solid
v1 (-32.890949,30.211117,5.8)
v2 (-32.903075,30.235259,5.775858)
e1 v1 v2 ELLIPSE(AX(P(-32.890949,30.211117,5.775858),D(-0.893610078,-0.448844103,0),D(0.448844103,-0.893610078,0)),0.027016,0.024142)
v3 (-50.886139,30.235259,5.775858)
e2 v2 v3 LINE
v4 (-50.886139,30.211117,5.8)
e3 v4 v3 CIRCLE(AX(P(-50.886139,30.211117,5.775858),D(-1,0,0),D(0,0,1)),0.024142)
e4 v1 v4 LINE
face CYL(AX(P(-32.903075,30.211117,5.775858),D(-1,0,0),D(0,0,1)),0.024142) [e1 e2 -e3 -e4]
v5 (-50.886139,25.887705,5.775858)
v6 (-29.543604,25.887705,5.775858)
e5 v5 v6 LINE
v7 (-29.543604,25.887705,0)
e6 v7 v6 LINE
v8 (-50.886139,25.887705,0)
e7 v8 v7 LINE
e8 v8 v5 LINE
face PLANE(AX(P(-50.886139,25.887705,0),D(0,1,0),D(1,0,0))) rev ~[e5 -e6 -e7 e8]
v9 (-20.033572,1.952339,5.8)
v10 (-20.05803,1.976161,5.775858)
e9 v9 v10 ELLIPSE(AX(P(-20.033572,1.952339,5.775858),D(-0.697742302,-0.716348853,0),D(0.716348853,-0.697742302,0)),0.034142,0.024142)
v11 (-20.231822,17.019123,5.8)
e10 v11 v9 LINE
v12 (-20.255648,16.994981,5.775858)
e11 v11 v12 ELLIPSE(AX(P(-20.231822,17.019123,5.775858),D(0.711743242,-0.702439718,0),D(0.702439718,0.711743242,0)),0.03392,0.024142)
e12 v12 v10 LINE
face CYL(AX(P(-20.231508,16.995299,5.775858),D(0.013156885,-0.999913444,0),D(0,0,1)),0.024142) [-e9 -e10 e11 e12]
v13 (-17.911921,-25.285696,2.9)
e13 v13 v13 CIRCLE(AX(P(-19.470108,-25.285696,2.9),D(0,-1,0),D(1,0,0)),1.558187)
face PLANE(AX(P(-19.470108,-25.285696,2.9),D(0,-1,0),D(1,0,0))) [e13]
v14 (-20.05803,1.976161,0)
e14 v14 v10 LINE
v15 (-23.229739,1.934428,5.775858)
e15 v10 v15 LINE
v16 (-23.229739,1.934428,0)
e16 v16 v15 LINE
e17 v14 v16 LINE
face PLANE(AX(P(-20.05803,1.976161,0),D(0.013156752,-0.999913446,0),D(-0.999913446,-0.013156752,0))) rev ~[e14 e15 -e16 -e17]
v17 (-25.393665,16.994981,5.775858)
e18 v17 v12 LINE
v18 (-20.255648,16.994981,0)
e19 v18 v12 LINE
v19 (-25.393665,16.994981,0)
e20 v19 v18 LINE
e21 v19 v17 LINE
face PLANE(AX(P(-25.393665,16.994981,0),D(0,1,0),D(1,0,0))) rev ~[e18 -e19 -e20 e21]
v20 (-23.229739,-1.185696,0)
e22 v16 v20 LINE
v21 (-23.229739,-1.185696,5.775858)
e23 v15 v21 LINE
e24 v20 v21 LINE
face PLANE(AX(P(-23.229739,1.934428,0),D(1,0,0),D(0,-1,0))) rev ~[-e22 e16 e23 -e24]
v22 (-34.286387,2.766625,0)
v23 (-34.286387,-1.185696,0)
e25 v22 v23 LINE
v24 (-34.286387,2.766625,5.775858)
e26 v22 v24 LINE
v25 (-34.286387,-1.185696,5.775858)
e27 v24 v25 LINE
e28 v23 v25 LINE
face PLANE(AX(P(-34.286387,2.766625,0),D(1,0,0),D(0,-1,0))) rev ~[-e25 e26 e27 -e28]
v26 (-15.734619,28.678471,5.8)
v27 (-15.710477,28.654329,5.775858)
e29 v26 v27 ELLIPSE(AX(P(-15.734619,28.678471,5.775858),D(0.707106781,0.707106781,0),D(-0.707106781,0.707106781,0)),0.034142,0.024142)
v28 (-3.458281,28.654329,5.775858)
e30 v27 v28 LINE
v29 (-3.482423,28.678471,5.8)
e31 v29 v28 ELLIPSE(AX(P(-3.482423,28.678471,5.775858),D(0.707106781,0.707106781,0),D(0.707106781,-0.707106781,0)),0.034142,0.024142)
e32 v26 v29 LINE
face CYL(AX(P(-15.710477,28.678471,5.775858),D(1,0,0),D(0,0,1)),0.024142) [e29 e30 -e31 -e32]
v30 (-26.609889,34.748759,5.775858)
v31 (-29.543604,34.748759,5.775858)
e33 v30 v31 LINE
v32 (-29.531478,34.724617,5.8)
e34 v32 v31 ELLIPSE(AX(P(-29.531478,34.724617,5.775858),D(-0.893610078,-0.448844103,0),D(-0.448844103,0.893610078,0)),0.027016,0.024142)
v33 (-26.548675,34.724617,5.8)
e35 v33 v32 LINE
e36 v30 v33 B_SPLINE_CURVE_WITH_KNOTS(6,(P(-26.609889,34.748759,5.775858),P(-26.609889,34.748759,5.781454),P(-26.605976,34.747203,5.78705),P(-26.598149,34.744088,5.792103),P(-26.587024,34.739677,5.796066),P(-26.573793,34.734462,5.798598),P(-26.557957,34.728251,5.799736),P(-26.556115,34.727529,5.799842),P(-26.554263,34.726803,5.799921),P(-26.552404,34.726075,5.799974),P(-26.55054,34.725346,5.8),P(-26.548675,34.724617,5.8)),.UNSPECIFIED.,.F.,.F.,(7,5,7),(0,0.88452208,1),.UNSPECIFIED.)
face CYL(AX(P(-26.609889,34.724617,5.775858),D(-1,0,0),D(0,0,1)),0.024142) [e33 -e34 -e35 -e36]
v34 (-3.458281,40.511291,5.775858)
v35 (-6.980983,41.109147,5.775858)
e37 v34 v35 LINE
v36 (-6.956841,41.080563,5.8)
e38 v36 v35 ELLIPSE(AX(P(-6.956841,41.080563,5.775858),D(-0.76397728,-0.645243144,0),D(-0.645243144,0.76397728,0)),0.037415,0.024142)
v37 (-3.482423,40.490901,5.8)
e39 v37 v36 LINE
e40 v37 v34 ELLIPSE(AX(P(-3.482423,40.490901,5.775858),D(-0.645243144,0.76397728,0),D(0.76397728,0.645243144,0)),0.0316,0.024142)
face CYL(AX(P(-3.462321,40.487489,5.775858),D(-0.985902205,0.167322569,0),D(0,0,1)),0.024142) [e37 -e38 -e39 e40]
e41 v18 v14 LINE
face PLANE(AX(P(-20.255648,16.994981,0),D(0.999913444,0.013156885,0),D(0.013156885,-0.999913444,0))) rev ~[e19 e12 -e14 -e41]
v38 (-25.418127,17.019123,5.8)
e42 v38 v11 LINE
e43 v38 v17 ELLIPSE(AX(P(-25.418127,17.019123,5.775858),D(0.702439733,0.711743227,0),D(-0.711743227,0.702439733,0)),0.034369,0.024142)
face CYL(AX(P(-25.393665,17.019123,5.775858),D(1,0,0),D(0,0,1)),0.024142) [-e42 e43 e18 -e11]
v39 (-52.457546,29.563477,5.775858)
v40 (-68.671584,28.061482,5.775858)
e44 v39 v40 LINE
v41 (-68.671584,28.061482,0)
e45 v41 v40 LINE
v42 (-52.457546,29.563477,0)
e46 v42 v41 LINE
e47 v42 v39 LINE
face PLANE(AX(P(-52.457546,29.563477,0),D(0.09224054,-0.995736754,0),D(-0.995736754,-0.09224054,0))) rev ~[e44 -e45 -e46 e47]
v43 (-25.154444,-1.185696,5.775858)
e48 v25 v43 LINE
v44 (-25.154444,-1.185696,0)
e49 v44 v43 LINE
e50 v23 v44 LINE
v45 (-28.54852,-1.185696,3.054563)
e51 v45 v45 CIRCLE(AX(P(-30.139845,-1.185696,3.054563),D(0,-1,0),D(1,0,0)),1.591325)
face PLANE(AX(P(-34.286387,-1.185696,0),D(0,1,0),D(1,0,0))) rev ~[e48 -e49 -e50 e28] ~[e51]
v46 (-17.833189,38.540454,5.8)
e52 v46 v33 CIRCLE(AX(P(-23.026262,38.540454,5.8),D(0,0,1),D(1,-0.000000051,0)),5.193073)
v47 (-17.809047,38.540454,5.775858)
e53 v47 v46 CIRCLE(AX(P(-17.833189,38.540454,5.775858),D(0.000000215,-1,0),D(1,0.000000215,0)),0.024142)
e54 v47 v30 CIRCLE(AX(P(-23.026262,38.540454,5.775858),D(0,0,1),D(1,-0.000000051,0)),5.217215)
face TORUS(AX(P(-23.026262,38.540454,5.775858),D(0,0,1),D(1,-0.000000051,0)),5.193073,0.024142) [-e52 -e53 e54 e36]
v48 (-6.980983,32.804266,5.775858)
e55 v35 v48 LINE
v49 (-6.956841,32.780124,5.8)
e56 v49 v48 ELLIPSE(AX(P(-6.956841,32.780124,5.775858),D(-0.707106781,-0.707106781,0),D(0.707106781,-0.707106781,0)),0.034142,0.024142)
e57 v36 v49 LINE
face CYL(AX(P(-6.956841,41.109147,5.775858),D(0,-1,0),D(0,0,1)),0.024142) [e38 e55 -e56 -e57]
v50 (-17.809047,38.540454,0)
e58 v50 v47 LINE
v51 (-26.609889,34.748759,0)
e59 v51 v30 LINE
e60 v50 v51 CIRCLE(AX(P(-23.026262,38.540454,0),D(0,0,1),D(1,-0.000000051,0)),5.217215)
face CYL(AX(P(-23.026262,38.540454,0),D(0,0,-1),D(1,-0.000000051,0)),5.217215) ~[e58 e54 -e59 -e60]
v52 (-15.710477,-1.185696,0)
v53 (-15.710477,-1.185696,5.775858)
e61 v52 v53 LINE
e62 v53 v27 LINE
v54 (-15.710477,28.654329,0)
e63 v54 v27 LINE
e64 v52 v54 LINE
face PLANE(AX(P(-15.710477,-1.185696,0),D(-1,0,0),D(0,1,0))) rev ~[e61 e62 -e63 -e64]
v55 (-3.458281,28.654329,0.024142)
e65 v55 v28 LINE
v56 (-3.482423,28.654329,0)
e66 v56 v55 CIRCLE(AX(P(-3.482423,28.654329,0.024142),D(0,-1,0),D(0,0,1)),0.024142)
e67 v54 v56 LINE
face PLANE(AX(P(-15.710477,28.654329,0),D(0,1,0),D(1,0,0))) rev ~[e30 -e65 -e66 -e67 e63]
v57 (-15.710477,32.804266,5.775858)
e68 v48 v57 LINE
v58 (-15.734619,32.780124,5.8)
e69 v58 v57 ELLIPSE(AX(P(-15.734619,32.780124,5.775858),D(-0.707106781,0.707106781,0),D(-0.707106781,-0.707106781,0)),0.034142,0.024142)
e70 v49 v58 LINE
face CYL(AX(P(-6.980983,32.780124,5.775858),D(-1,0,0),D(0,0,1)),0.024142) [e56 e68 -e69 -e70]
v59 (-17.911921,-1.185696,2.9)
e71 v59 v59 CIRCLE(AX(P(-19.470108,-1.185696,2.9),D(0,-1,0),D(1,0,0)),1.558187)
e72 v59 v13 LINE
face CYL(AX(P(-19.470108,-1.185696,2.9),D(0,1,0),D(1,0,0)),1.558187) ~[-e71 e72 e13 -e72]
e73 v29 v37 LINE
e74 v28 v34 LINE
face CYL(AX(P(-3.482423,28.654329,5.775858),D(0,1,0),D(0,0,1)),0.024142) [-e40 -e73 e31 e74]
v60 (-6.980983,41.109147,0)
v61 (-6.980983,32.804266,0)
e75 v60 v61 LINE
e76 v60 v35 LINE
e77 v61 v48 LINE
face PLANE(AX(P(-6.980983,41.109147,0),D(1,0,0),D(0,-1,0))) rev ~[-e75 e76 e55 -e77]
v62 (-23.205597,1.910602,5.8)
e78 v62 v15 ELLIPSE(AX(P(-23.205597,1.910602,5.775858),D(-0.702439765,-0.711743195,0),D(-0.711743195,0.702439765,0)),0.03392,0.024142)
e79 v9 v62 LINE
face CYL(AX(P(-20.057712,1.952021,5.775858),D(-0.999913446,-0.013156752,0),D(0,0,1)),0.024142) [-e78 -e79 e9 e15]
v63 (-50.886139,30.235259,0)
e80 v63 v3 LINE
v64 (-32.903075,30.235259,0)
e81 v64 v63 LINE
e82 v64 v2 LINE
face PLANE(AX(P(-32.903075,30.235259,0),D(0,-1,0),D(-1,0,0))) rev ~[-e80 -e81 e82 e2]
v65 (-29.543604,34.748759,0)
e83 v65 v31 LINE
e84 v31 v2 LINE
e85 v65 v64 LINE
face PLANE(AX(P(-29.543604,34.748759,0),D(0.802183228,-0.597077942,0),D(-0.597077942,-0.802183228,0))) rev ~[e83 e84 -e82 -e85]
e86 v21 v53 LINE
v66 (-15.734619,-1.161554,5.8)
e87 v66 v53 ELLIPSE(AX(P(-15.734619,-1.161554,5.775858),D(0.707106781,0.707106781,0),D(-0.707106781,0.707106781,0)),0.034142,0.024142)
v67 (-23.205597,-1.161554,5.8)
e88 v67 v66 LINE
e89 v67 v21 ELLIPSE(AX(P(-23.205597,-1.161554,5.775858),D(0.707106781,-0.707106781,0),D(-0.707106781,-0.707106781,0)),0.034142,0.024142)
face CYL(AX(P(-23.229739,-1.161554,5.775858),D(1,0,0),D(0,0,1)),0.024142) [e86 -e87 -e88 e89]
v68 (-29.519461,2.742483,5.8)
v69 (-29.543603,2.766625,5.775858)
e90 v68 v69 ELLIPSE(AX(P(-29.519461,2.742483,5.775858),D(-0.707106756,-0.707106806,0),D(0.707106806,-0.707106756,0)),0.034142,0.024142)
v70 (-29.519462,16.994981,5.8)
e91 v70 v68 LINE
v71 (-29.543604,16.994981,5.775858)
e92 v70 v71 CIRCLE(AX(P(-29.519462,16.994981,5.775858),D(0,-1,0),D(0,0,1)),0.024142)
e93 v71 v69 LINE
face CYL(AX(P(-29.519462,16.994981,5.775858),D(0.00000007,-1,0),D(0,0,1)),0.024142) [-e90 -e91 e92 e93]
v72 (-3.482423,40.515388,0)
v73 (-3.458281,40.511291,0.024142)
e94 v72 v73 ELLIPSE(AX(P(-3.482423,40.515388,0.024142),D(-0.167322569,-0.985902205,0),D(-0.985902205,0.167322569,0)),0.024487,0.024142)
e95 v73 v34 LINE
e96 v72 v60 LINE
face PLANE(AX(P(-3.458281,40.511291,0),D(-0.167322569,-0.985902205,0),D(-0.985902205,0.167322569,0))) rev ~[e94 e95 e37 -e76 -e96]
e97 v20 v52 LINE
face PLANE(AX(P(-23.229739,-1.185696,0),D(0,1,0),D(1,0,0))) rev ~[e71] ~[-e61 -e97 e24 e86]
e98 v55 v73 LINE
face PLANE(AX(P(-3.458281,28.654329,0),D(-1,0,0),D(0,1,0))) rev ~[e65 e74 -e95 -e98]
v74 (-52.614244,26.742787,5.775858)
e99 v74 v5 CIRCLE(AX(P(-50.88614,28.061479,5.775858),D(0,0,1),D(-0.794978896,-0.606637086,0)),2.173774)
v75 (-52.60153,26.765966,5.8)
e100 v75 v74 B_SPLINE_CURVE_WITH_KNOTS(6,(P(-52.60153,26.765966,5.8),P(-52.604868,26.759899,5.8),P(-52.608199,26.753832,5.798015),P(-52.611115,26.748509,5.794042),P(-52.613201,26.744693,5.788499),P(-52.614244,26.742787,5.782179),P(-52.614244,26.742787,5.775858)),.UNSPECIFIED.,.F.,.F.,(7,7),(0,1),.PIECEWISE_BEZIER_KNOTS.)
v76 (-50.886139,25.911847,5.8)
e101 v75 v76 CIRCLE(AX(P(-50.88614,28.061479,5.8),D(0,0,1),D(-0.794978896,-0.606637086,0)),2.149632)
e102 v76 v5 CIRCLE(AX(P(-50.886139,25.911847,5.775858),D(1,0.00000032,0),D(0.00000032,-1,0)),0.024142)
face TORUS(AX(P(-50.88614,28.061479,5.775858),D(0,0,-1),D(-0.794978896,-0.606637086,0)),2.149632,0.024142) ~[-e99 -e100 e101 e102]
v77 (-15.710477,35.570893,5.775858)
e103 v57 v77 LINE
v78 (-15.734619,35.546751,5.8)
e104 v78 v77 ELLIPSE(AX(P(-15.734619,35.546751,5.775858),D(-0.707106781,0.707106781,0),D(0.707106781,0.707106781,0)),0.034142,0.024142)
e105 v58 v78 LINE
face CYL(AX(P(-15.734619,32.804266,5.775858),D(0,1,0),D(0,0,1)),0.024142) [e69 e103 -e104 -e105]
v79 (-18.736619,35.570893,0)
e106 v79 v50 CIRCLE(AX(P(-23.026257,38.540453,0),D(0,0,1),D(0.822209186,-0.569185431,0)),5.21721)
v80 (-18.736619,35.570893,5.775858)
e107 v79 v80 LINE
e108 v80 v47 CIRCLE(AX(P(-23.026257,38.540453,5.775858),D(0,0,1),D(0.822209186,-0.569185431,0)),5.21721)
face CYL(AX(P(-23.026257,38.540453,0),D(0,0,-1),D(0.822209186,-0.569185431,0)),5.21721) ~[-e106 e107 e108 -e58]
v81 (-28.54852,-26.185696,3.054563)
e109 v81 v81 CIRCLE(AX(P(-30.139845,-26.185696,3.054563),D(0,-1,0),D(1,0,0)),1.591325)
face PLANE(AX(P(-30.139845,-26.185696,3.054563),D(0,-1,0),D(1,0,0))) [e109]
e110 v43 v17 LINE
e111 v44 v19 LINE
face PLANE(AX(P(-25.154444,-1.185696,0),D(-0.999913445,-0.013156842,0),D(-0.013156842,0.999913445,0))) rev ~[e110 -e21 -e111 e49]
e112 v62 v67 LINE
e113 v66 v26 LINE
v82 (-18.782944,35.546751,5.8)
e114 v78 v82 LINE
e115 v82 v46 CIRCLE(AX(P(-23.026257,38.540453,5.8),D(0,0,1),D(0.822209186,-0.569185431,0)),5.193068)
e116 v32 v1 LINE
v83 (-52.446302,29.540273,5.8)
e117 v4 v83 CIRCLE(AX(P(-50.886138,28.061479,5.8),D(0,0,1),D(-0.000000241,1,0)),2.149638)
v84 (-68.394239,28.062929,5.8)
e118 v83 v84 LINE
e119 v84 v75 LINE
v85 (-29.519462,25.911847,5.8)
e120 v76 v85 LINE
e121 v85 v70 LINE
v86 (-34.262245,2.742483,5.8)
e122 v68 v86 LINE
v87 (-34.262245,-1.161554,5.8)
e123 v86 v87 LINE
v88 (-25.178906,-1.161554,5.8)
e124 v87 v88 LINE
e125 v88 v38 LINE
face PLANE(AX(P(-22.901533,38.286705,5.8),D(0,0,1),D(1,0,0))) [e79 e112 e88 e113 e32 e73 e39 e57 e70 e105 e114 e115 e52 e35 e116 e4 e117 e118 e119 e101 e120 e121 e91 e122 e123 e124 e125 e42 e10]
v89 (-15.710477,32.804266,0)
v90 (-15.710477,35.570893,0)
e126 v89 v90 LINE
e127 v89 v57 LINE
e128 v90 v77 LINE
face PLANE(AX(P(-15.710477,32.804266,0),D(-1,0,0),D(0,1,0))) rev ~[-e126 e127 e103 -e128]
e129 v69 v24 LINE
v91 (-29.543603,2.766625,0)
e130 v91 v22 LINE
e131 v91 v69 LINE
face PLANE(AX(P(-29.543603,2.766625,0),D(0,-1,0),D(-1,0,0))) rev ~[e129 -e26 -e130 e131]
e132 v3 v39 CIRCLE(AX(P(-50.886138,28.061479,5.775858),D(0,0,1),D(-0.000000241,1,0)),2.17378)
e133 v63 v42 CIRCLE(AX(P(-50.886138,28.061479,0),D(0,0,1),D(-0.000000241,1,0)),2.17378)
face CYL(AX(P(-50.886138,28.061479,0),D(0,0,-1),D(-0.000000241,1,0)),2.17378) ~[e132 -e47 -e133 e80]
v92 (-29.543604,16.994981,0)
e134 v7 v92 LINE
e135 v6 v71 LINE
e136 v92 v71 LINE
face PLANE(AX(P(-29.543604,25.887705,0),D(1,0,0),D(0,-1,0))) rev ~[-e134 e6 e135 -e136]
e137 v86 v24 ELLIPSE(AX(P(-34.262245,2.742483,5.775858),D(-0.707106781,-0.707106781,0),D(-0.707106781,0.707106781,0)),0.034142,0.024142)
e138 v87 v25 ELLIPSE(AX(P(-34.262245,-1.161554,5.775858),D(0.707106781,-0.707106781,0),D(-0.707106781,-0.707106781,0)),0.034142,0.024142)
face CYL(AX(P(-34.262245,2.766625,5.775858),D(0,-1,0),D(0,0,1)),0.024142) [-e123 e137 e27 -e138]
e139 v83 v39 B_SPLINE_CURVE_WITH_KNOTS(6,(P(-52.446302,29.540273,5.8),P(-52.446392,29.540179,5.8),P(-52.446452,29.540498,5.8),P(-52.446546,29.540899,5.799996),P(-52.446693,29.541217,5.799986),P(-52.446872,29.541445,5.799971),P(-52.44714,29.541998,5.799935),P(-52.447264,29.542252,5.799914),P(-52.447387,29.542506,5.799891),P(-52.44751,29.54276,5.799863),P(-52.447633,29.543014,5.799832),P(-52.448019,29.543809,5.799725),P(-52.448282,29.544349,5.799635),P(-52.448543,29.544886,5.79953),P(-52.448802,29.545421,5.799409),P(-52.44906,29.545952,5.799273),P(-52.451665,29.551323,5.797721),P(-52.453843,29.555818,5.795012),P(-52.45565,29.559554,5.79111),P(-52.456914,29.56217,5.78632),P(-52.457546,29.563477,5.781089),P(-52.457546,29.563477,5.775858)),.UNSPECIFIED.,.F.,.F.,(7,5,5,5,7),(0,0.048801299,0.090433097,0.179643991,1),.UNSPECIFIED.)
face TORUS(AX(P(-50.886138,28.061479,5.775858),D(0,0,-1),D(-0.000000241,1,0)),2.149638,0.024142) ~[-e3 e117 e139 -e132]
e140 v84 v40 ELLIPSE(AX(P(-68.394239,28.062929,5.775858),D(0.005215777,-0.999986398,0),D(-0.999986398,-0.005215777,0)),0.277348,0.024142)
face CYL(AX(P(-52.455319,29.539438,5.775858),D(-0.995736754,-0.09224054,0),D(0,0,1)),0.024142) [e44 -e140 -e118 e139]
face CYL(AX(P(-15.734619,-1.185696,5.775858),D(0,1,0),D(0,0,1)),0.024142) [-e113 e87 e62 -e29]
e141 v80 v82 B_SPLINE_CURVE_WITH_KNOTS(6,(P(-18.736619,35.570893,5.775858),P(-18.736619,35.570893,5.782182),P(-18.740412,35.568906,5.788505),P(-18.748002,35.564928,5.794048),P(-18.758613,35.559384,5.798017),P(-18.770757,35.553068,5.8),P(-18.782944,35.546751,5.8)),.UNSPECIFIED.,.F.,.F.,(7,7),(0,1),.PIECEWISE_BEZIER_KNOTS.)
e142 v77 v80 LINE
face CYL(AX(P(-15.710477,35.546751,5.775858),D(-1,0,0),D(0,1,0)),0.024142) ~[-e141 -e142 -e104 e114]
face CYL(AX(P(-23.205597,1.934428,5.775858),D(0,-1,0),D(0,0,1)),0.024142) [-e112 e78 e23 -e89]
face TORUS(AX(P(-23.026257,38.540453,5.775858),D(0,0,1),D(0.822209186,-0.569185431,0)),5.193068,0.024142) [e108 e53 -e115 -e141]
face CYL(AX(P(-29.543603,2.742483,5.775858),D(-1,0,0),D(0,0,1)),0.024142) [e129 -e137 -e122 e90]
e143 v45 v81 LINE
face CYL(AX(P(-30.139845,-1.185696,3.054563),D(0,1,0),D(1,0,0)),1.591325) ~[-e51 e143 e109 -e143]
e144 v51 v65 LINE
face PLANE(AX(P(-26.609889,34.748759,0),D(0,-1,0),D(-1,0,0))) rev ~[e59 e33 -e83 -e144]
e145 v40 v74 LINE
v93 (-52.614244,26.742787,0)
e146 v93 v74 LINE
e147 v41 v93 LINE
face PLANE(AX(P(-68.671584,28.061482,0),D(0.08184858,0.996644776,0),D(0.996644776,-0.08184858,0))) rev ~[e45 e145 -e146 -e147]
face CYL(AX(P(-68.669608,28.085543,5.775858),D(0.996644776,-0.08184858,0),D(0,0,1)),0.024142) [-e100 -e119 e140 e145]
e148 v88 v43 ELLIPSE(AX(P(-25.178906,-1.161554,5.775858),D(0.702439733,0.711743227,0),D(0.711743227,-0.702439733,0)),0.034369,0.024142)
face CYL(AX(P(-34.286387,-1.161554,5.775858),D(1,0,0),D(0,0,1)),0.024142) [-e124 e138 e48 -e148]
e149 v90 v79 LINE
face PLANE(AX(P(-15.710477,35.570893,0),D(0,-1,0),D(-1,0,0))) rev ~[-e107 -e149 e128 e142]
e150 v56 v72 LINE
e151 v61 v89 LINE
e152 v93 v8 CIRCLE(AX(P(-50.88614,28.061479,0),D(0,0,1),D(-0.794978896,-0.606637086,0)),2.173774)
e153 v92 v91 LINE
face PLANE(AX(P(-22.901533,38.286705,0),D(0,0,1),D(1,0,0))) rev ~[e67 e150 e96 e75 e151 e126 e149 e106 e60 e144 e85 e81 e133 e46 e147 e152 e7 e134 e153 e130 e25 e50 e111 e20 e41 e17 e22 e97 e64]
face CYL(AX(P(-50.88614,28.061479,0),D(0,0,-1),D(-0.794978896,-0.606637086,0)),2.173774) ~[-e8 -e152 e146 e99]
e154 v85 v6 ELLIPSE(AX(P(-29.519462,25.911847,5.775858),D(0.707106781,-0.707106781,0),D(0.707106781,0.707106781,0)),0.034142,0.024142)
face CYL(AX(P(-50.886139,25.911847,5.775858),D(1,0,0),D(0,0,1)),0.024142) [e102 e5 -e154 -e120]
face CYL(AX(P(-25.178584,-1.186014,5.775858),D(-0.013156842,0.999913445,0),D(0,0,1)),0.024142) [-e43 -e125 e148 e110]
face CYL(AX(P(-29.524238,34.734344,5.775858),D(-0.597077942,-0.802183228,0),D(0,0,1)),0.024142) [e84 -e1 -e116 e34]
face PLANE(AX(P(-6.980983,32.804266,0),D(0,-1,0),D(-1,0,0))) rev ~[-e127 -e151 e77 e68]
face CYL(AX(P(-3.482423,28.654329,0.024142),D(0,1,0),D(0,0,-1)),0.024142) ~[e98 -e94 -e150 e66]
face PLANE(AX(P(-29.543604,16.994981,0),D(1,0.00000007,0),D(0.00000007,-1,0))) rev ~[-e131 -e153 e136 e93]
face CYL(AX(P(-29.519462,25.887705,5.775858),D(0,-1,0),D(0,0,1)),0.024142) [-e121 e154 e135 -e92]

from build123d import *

# Parameters (mm, degrees)
F1_DEPTH = 5.8
F2_R     = 1.591325
F3_DEPTH = 25
F4_R     = 1.558187
F5_DEPTH = 24.1
F6_R     = 0.024142


with BuildPart() as f1:
    # F0 (on Top) → F1 (new body)
    with BuildSketch(Plane.XY):
        with BuildLine():
            ThreePointArc((-18.736619, 35.570893), (-18.046336, 36.984925), (-17.809047, 38.540454))
            ThreePointArc((-17.809047, 38.540454), (-25.090576, 43.331899), (-26.609889, 34.748759))
            ThreePointArc((-26.609889, 34.748759), (-22.484422, 33.351452), (-18.736619, 35.570893))
        make_face()
        with BuildLine():
            ThreePointArc((-18.736619, 35.570893), (-22.484422, 33.351452), (-26.609889, 34.748759))
            Line((-26.609889, 34.748759), (-29.543604, 34.748759))
            Line((-29.543604, 34.748759), (-29.543604, 25.887705))
            Line((-29.543604, 25.887705), (-29.543604, 16.994981))
            Line((-29.543604, 16.994981), (-25.393665, 16.994981))
            Line((-25.393665, 16.994981), (-20.255648, 16.994981))
            Line((-20.255648, 16.994981), (-15.710477, 16.994981))
            Line((-15.710477, 16.994981), (-15.710477, 28.654329))
            Line((-15.710477, 28.654329), (-15.710477, 32.804266))
            Line((-15.710477, 32.804266), (-15.710477, 35.570893))
            Line((-15.710477, 35.570893), (-18.736619, 35.570893))
        make_face()
        Polygon((-29.543604, 25.887705), (-29.543604, 34.748759), (-32.903075, 30.235259), (-50.886139, 30.235259), (-50.886139, 25.887705), align=None)
        Polygon((-6.980983, 32.804266), (-15.710477, 32.804266), (-15.710477, 28.654329), (-3.458281, 28.654329), (-3.458281, 40.511291), (-6.980983, 41.109147), align=None)
        Polygon((-25.393665, 16.994981), (-29.543604, 16.994981), (-29.543603, 2.766625), (-34.286387, 2.766625), (-34.286387, -1.185696), (-25.154444, -1.185696), align=None)
        with BuildLine():
            ThreePointArc((-52.614244, 26.742787), (-51.850182, 26.113168), (-50.886139, 25.887705))
            Line((-50.886139, 25.887705), (-50.886139, 30.235259))
            ThreePointArc((-50.886139, 30.235259), (-51.740629, 30.06027), (-52.457546, 29.563477))
            ThreePointArc((-52.457546, 29.563477), (-53.056569, 28.182057), (-52.614244, 26.742787))
        make_face()
        with BuildLine():
            Line((-68.671584, 28.061482), (-52.614244, 26.742787))
            ThreePointArc((-52.614244, 26.742787), (-53.056569, 28.182057), (-52.457546, 29.563477))
            Line((-52.457546, 29.563477), (-68.671584, 28.061482))
        make_face()
        Polygon((-15.710477, -1.185696), (-15.710477, 16.994981), (-20.255648, 16.994981), (-20.05803, 1.976161), (-23.229739, 1.934428), (-23.229739, -1.185696), align=None)
    extrude(amount=F1_DEPTH)

    # F2 (on face) → F3 (join)
    with BuildSketch(Plane.XZ.offset(1.185696)):
        with Locations((-30.139845, 3.054563)):
            Circle(F2_R)
    extrude(amount=F3_DEPTH)

    # F4 (on face) → F5 (join)
    with BuildSketch(Plane.XZ.offset(1.185696)):
        with Locations((-19.470108, 2.9)):
            Circle(F4_R)
    extrude(amount=F5_DEPTH)

    # F6
    f6_edges = [f1.edges().sort_by_distance(p)[0] for p in [
        (-15.710477, 13.734317, 5.8),
        (-9.584379, 28.654329, 5.8),
        (-3.458281, 34.58281, 5.8),
        (-3.458281, 34.58281, 0),
        (-23.568103, 43.729456, 5.8),
        (-28.076746, 34.748759, 5.8),
        (-31.223339, 32.492009, 5.8),
        (-41.894607, 30.235259, 5.8),
        (-51.740629, 30.06027, 5.8),
        (-60.564565, 28.812479, 5.8),
        (-60.642914, 27.402134, 5.8),
        (-51.850182, 26.113168, 5.8),
        (-40.214871, 25.887705, 5.8),
        (-29.543604, 21.441343, 5.8),
        (-29.543603, 9.880803, 5.8),
        (-31.914995, 2.766625, 5.8),
        (-34.286387, 0.790464, 5.8),
        (-29.720416, -1.185696, 5.8),
        (-25.274054, 7.904642, 5.8),
        (-22.824656, 16.994981, 5.8),
        (-20.156839, 9.485571, 5.8),
        (-21.643885, 1.955294, 5.8),
        (-23.229739, 0.374366, 5.8),
        (-19.470108, -1.185696, 5.8),
        (-5.219632, 40.810219, 5.8),
        (-6.980983, 36.956706, 5.8),
        (-11.34573, 32.804266, 5.8),
        (-15.710477, 34.18758, 5.8),
        (-17.223548, 35.570893, 5.8),
    ]]
    fillet(f6_edges, radius=F6_R)


solid = f1.part
